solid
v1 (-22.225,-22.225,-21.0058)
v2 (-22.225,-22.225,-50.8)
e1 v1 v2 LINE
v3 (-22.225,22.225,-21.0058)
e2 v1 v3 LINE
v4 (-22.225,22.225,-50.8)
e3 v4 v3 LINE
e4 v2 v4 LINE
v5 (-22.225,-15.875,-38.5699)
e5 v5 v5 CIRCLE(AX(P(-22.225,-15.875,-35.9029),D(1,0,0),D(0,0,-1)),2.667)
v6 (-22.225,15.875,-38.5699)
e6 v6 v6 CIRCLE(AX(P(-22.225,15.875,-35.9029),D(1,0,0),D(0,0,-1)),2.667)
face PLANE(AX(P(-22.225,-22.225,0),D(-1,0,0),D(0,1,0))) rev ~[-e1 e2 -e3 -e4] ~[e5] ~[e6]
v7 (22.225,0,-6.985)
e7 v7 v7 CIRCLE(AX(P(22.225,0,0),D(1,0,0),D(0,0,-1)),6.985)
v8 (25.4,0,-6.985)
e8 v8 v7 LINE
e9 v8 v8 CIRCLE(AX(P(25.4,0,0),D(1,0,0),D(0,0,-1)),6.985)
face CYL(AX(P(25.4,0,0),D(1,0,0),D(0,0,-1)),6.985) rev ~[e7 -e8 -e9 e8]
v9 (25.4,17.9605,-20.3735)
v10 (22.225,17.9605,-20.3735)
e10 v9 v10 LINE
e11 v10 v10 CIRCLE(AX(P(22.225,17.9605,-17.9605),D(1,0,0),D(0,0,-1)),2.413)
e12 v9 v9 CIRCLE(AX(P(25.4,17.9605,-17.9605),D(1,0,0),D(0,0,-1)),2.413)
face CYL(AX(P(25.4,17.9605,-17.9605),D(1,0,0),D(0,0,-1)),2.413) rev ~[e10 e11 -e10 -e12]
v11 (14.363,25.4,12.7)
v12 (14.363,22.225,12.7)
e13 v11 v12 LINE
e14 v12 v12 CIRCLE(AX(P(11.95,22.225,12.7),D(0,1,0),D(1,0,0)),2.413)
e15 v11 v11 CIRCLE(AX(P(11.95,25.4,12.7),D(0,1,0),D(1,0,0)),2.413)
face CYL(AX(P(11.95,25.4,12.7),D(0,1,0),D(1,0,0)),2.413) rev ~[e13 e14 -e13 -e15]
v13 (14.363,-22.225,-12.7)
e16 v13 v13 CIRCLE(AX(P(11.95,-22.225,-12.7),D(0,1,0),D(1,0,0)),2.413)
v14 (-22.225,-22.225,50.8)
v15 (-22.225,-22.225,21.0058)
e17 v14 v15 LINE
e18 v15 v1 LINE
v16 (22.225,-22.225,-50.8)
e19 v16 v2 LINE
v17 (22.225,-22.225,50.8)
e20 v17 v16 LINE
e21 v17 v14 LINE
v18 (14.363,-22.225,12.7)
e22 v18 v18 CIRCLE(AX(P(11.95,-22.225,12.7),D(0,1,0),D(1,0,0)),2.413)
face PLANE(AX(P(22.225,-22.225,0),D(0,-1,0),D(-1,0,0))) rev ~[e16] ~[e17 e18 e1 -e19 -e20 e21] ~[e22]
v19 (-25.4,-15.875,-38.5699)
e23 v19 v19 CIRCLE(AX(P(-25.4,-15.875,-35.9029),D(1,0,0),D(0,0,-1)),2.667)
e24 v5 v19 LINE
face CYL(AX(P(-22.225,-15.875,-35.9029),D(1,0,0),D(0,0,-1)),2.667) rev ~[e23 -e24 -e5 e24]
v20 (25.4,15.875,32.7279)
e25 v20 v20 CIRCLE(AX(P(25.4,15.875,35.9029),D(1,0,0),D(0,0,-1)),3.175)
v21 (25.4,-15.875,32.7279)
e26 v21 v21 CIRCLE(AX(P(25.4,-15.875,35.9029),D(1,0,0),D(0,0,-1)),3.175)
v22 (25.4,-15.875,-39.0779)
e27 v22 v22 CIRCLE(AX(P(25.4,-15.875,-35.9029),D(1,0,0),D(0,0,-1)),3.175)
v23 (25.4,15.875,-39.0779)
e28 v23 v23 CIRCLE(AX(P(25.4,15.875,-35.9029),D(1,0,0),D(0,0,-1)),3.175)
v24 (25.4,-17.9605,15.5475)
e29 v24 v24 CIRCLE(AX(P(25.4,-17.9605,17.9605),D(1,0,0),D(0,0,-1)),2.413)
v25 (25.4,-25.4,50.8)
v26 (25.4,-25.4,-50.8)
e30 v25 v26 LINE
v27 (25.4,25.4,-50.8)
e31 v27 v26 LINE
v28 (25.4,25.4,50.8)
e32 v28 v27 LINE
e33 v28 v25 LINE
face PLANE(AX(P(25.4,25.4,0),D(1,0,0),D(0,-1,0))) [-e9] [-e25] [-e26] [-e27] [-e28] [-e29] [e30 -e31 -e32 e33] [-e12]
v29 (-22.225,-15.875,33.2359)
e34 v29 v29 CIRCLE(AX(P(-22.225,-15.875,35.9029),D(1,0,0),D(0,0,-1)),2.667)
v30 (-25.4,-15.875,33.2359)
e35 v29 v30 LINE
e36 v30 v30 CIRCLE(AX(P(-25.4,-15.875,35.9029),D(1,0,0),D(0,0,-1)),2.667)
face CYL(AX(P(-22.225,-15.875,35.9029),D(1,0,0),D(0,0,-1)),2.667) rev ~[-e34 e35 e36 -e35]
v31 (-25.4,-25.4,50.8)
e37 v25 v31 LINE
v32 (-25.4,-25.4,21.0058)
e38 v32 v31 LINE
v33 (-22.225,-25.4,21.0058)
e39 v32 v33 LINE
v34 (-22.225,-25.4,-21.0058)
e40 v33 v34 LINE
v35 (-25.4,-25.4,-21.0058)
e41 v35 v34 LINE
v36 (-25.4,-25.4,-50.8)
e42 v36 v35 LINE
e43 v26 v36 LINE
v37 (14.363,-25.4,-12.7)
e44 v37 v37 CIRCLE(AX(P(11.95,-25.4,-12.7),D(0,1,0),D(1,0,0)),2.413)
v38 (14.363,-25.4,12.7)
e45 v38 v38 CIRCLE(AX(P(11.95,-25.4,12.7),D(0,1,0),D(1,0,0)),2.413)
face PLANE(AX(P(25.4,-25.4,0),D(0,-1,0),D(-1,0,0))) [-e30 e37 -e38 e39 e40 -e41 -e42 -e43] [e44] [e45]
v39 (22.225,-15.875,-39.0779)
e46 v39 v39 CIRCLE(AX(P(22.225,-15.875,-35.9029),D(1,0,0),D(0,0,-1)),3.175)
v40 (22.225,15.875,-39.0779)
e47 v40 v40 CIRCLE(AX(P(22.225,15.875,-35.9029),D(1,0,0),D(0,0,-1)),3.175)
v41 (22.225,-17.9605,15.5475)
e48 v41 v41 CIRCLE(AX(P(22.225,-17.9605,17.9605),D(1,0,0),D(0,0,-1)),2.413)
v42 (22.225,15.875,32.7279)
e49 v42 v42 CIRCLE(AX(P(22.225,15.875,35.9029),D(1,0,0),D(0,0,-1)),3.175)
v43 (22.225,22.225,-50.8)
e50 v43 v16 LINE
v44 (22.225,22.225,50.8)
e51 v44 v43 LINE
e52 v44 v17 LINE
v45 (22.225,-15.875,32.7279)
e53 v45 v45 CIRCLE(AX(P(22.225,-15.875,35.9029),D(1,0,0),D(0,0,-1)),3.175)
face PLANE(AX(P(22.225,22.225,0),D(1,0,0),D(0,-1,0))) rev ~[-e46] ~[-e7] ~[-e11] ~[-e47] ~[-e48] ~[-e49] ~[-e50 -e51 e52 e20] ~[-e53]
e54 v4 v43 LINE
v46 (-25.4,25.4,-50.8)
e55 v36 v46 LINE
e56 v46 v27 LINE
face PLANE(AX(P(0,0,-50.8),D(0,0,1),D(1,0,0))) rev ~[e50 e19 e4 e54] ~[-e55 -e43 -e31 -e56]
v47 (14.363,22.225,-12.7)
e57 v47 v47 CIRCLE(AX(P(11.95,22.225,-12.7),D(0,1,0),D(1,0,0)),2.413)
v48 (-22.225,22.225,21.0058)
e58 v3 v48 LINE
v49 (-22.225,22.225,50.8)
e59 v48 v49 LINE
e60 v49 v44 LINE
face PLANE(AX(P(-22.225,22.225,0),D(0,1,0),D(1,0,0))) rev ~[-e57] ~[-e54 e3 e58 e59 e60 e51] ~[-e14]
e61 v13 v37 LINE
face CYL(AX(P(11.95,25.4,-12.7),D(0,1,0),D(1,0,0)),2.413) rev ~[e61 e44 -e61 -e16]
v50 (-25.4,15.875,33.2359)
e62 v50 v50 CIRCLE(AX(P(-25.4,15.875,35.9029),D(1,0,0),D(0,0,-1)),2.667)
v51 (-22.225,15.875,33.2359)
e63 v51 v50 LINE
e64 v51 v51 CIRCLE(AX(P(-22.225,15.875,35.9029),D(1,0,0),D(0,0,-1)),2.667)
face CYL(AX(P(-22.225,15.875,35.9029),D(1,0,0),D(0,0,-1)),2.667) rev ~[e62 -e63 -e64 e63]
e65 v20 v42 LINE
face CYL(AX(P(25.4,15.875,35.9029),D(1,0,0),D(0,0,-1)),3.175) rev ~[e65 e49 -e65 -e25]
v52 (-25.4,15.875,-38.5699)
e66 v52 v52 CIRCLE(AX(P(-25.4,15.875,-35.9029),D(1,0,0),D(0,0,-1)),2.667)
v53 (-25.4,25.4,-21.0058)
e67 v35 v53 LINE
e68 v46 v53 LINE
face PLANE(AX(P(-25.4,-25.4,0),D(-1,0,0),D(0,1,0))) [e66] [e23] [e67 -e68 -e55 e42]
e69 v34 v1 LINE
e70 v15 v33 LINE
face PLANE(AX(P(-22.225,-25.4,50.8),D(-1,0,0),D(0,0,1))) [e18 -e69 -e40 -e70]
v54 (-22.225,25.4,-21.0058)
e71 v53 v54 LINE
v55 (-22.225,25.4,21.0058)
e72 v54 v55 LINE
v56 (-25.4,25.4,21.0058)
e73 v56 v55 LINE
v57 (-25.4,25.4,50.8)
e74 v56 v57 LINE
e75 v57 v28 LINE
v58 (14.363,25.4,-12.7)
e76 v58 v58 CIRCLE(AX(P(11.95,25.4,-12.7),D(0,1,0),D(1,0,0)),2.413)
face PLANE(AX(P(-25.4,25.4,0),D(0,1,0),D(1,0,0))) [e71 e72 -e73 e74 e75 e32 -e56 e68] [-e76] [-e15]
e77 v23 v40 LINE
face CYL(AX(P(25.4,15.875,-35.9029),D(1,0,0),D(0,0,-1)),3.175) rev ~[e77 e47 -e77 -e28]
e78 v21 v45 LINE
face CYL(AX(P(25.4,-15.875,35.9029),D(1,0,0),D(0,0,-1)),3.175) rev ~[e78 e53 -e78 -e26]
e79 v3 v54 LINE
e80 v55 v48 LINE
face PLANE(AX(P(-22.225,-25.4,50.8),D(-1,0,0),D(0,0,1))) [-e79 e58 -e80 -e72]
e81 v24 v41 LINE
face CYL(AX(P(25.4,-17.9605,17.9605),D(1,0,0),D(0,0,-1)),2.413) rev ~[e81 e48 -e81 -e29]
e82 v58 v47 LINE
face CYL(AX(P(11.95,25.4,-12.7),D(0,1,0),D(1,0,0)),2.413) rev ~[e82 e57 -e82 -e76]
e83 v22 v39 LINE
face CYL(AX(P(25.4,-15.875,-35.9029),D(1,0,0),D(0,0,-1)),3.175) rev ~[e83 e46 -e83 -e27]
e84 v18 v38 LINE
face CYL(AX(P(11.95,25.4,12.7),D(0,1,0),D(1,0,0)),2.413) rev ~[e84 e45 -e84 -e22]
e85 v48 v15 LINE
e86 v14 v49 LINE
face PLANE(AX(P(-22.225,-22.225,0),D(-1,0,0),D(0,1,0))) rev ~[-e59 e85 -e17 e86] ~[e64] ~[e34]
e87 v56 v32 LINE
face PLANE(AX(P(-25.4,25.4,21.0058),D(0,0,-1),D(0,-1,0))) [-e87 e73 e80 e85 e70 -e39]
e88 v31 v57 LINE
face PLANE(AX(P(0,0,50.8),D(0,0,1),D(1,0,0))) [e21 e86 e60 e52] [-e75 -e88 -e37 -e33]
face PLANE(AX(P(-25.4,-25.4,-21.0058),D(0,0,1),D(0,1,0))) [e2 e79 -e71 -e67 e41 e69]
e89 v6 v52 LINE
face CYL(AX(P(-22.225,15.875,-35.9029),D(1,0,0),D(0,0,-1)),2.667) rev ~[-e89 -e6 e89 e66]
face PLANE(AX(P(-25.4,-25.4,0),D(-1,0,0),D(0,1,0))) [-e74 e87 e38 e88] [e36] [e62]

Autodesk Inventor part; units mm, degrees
ref_plane "YZ Plane" through (0, 0, 0) normal (1, 0, 0) x (0, 1, 0)
ref_plane "XZ Plane" through (0, 0, 0) normal (0, 1, 0) x (-1, 0, 0)
ref_plane "XY Plane" through (0, 0, 0) normal (0, 0, 1) x (1, 0, 0)
sketch "Sketch1" plane through (0, 0, 0) normal (0, 0, 1) x (1, 0, 0)
  line L0 (-35.56, 0) -> (35.56, 0) construction
  line L1 (0, -35.56) -> (0, 35.56) construction
  line L2 (-25.4, 25.4) -> (25.4, 25.4)
  line L3 (25.4, 25.4) -> (25.4, -25.4)
  line L4 (25.4, -25.4) -> (-25.4, -25.4)
  line L5 (-25.4, -25.4) -> (-25.4, 25.4)
  line L6 (-22.225, 22.225) -> (22.225, 22.225)
  line L7 (22.225, 22.225) -> (22.225, -22.225)
  line L8 (22.225, -22.225) -> (-22.225, -22.225)
  line L9 (-22.225, -22.225) -> (-22.225, 22.225)
  point P0 (0, 0)
  point P1 (-25.4, 0)
  point P2 (0, 25.4)
  point P3 (-22.225, 0)
  point P4 (0, 22.225)
  dimension "d0" = 50.8
  dimension "d1" = 3.175
  dimension "d11" = 50.8
  dimension "d12" = 3.175
extrude "Extrusion1" add sketch "Sketch1" along normal mid plane 101.6
sketch "Sketch6" plane through (-25.4, -25.4, 50.8) normal (-1, 0, 0) x (0, 0, 1)
  line L0 (-121.92, 25.4) -> (20.32, 25.4) construction
  line L1 (-50.8, -10.16) -> (-50.8, 60.96) construction
  line L2 (-71.8058, 50.8) -> (-29.7942, 50.8)
  line L3 (-29.7942, 50.8) -> (-29.7942, 0)
  line L4 (-29.7942, 0) -> (-71.8058, 0)
  line L5 (-71.8058, 0) -> (-71.8058, 50.8)
  line L6 (-101.6, 50.8) -> (0, 50.8) construction
  point P0 (-50.8, 25.4)
  point P1 (-71.8058, 25.4)
  point P2 (-50.8, 50.8)
  dimension "d23" = 42.0116
extrude "Extrusion7" cut sketch "Sketch6" against normal blind 3.175
sketch "Sketch7" plane through (-25.4, 25.4, 50.8) normal (0, 1, 0) x (1, 0, 0)
  circle A0 centre (37.35, 38.1) radius 2.0193 construction
  circle A1 centre (37.35, 63.5) radius 2.0193 construction
  circle A2 centre (37.35, 63.5) radius 2.413
  circle A3 centre (37.35, 38.1) radius 2.413
  point P0 (25.4, 50.8)
  dimension "d39" = 4.826
sketch "Sketch8" plane through (25.4, -25.4, 50.8) normal (1, 0, 0) x (0, 0, -1)
  line L0 (43.6, 4.4) -> (58, 4.4) construction
  line L1 (58, 4.4) -> (59.225, 3.175) construction
  line L2 (59.225, 3.175) -> (64.8, 3.175) construction
  line L3 (64.8, 9.4) -> (64.8, 3.175) construction
  arc A0 (66.8, 11.4) -> (64.8, 9.4) centre (66.8, 9.4) ccw construction
  line L4 (71.8, 11.4) -> (66.8, 11.4) construction
  line L5 (71.8, 11.4) -> (71.8, 45.4) construction
  arc A1 (71.8, 45.4) -> (70.8, 46.4) centre (50.8, 25.4) ccw construction
  line L6 (70.8, 46.4) -> (69, 46.4) construction
  line L7 (69, 46.4) -> (67.775, 47.625) construction
  line L8 (67.775, 47.625) -> (59.225, 47.625) construction
  line L9 (59.225, 47.625) -> (58, 46.4) construction
  line L10 (58, 46.4) -> (43.6, 46.4) construction
  line L11 (43.6, 46.4) -> (42.375, 47.625) construction
  line L12 (42.375, 47.625) -> (36.8, 47.625) construction
  line L13 (36.8, 41.4) -> (36.8, 47.625) construction
  arc A2 (34.8, 39.4) -> (36.8, 41.4) centre (34.8, 41.4) ccw construction
  line L14 (29.8, 39.4) -> (34.8, 39.4) construction
  line L15 (29.8, 39.4) -> (29.8, 5.4) construction
  arc A3 (29.8, 5.4) -> (30.8, 4.4) centre (50.8, 25.4) ccw construction
  line L16 (30.8, 4.4) -> (32.6, 4.4) construction
  line L17 (32.6, 4.4) -> (33.825, 3.175) construction
  line L18 (33.825, 3.175) -> (42.375, 3.175) construction
  line L19 (42.375, 3.175) -> (43.6, 4.4) construction
  circle A4 centre (50.8, 25.4) radius 14.195 construction
  circle A5 centre (32.8395, 7.4395) radius 2.0193 construction
  circle A6 centre (68.7605, 43.3605) radius 2.0193 construction
  circle A7 centre (50.8, 25.4) radius 6.985
  circle A8 centre (32.8395, 7.4395) radius 2.413
  circle A9 centre (68.7605, 43.3605) radius 2.413
  point P0 (50.8, 25.4)
  dimension "d28" = 13.97
  dimension "d36" = 4.826
sketch "Sketch9" plane through (-22.225, -22.225, 50.8) normal (1, 0, 0) x (0, 0, -1)
  circle A0 centre (86.7029, 6.35) radius 3.175 construction
  circle A1 centre (86.7029, 38.1) radius 3.175 construction
  circle A2 centre (14.8971, 6.35) radius 3.175 construction
  circle A3 centre (14.8971, 38.1) radius 3.175 construction
  circle A4 centre (86.7029, 6.35) radius 2.667
  circle A5 centre (14.8971, 6.35) radius 2.667
  circle A6 centre (86.7029, 38.1) radius 2.667
  circle A7 centre (14.8971, 38.1) radius 2.667
  point P0 (50.8, 22.225)
  dimension "d31" = 5.334
extrude "Extrusion10" cut sketch "Sketch9" against normal through all
sketch "Sketch10" plane through (25.4, -25.4, 50.8) normal (1, 0, 0) x (0, 0, -1)
  circle A0 centre (14.8971, 9.525) radius 3.175 projected
  circle A1 centre (86.7029, 9.525) radius 3.175 projected
  circle A2 centre (86.7029, 41.275) radius 3.175 projected
  circle A3 centre (14.8971, 41.275) radius 3.175 projected
  point P0 (50.8, 25.4)
extrude "Extrusion11" cut sketch "Sketch10" against normal up to next
extrude "Extrusion12" cut sketch "Sketch8" against normal up to next
extrude "Extrusion13" cut sketch "Sketch7" against normal through all
equation "\"d12\" = d1"
properties part number "Arm 4 inch" material "Aluminum 6061"
